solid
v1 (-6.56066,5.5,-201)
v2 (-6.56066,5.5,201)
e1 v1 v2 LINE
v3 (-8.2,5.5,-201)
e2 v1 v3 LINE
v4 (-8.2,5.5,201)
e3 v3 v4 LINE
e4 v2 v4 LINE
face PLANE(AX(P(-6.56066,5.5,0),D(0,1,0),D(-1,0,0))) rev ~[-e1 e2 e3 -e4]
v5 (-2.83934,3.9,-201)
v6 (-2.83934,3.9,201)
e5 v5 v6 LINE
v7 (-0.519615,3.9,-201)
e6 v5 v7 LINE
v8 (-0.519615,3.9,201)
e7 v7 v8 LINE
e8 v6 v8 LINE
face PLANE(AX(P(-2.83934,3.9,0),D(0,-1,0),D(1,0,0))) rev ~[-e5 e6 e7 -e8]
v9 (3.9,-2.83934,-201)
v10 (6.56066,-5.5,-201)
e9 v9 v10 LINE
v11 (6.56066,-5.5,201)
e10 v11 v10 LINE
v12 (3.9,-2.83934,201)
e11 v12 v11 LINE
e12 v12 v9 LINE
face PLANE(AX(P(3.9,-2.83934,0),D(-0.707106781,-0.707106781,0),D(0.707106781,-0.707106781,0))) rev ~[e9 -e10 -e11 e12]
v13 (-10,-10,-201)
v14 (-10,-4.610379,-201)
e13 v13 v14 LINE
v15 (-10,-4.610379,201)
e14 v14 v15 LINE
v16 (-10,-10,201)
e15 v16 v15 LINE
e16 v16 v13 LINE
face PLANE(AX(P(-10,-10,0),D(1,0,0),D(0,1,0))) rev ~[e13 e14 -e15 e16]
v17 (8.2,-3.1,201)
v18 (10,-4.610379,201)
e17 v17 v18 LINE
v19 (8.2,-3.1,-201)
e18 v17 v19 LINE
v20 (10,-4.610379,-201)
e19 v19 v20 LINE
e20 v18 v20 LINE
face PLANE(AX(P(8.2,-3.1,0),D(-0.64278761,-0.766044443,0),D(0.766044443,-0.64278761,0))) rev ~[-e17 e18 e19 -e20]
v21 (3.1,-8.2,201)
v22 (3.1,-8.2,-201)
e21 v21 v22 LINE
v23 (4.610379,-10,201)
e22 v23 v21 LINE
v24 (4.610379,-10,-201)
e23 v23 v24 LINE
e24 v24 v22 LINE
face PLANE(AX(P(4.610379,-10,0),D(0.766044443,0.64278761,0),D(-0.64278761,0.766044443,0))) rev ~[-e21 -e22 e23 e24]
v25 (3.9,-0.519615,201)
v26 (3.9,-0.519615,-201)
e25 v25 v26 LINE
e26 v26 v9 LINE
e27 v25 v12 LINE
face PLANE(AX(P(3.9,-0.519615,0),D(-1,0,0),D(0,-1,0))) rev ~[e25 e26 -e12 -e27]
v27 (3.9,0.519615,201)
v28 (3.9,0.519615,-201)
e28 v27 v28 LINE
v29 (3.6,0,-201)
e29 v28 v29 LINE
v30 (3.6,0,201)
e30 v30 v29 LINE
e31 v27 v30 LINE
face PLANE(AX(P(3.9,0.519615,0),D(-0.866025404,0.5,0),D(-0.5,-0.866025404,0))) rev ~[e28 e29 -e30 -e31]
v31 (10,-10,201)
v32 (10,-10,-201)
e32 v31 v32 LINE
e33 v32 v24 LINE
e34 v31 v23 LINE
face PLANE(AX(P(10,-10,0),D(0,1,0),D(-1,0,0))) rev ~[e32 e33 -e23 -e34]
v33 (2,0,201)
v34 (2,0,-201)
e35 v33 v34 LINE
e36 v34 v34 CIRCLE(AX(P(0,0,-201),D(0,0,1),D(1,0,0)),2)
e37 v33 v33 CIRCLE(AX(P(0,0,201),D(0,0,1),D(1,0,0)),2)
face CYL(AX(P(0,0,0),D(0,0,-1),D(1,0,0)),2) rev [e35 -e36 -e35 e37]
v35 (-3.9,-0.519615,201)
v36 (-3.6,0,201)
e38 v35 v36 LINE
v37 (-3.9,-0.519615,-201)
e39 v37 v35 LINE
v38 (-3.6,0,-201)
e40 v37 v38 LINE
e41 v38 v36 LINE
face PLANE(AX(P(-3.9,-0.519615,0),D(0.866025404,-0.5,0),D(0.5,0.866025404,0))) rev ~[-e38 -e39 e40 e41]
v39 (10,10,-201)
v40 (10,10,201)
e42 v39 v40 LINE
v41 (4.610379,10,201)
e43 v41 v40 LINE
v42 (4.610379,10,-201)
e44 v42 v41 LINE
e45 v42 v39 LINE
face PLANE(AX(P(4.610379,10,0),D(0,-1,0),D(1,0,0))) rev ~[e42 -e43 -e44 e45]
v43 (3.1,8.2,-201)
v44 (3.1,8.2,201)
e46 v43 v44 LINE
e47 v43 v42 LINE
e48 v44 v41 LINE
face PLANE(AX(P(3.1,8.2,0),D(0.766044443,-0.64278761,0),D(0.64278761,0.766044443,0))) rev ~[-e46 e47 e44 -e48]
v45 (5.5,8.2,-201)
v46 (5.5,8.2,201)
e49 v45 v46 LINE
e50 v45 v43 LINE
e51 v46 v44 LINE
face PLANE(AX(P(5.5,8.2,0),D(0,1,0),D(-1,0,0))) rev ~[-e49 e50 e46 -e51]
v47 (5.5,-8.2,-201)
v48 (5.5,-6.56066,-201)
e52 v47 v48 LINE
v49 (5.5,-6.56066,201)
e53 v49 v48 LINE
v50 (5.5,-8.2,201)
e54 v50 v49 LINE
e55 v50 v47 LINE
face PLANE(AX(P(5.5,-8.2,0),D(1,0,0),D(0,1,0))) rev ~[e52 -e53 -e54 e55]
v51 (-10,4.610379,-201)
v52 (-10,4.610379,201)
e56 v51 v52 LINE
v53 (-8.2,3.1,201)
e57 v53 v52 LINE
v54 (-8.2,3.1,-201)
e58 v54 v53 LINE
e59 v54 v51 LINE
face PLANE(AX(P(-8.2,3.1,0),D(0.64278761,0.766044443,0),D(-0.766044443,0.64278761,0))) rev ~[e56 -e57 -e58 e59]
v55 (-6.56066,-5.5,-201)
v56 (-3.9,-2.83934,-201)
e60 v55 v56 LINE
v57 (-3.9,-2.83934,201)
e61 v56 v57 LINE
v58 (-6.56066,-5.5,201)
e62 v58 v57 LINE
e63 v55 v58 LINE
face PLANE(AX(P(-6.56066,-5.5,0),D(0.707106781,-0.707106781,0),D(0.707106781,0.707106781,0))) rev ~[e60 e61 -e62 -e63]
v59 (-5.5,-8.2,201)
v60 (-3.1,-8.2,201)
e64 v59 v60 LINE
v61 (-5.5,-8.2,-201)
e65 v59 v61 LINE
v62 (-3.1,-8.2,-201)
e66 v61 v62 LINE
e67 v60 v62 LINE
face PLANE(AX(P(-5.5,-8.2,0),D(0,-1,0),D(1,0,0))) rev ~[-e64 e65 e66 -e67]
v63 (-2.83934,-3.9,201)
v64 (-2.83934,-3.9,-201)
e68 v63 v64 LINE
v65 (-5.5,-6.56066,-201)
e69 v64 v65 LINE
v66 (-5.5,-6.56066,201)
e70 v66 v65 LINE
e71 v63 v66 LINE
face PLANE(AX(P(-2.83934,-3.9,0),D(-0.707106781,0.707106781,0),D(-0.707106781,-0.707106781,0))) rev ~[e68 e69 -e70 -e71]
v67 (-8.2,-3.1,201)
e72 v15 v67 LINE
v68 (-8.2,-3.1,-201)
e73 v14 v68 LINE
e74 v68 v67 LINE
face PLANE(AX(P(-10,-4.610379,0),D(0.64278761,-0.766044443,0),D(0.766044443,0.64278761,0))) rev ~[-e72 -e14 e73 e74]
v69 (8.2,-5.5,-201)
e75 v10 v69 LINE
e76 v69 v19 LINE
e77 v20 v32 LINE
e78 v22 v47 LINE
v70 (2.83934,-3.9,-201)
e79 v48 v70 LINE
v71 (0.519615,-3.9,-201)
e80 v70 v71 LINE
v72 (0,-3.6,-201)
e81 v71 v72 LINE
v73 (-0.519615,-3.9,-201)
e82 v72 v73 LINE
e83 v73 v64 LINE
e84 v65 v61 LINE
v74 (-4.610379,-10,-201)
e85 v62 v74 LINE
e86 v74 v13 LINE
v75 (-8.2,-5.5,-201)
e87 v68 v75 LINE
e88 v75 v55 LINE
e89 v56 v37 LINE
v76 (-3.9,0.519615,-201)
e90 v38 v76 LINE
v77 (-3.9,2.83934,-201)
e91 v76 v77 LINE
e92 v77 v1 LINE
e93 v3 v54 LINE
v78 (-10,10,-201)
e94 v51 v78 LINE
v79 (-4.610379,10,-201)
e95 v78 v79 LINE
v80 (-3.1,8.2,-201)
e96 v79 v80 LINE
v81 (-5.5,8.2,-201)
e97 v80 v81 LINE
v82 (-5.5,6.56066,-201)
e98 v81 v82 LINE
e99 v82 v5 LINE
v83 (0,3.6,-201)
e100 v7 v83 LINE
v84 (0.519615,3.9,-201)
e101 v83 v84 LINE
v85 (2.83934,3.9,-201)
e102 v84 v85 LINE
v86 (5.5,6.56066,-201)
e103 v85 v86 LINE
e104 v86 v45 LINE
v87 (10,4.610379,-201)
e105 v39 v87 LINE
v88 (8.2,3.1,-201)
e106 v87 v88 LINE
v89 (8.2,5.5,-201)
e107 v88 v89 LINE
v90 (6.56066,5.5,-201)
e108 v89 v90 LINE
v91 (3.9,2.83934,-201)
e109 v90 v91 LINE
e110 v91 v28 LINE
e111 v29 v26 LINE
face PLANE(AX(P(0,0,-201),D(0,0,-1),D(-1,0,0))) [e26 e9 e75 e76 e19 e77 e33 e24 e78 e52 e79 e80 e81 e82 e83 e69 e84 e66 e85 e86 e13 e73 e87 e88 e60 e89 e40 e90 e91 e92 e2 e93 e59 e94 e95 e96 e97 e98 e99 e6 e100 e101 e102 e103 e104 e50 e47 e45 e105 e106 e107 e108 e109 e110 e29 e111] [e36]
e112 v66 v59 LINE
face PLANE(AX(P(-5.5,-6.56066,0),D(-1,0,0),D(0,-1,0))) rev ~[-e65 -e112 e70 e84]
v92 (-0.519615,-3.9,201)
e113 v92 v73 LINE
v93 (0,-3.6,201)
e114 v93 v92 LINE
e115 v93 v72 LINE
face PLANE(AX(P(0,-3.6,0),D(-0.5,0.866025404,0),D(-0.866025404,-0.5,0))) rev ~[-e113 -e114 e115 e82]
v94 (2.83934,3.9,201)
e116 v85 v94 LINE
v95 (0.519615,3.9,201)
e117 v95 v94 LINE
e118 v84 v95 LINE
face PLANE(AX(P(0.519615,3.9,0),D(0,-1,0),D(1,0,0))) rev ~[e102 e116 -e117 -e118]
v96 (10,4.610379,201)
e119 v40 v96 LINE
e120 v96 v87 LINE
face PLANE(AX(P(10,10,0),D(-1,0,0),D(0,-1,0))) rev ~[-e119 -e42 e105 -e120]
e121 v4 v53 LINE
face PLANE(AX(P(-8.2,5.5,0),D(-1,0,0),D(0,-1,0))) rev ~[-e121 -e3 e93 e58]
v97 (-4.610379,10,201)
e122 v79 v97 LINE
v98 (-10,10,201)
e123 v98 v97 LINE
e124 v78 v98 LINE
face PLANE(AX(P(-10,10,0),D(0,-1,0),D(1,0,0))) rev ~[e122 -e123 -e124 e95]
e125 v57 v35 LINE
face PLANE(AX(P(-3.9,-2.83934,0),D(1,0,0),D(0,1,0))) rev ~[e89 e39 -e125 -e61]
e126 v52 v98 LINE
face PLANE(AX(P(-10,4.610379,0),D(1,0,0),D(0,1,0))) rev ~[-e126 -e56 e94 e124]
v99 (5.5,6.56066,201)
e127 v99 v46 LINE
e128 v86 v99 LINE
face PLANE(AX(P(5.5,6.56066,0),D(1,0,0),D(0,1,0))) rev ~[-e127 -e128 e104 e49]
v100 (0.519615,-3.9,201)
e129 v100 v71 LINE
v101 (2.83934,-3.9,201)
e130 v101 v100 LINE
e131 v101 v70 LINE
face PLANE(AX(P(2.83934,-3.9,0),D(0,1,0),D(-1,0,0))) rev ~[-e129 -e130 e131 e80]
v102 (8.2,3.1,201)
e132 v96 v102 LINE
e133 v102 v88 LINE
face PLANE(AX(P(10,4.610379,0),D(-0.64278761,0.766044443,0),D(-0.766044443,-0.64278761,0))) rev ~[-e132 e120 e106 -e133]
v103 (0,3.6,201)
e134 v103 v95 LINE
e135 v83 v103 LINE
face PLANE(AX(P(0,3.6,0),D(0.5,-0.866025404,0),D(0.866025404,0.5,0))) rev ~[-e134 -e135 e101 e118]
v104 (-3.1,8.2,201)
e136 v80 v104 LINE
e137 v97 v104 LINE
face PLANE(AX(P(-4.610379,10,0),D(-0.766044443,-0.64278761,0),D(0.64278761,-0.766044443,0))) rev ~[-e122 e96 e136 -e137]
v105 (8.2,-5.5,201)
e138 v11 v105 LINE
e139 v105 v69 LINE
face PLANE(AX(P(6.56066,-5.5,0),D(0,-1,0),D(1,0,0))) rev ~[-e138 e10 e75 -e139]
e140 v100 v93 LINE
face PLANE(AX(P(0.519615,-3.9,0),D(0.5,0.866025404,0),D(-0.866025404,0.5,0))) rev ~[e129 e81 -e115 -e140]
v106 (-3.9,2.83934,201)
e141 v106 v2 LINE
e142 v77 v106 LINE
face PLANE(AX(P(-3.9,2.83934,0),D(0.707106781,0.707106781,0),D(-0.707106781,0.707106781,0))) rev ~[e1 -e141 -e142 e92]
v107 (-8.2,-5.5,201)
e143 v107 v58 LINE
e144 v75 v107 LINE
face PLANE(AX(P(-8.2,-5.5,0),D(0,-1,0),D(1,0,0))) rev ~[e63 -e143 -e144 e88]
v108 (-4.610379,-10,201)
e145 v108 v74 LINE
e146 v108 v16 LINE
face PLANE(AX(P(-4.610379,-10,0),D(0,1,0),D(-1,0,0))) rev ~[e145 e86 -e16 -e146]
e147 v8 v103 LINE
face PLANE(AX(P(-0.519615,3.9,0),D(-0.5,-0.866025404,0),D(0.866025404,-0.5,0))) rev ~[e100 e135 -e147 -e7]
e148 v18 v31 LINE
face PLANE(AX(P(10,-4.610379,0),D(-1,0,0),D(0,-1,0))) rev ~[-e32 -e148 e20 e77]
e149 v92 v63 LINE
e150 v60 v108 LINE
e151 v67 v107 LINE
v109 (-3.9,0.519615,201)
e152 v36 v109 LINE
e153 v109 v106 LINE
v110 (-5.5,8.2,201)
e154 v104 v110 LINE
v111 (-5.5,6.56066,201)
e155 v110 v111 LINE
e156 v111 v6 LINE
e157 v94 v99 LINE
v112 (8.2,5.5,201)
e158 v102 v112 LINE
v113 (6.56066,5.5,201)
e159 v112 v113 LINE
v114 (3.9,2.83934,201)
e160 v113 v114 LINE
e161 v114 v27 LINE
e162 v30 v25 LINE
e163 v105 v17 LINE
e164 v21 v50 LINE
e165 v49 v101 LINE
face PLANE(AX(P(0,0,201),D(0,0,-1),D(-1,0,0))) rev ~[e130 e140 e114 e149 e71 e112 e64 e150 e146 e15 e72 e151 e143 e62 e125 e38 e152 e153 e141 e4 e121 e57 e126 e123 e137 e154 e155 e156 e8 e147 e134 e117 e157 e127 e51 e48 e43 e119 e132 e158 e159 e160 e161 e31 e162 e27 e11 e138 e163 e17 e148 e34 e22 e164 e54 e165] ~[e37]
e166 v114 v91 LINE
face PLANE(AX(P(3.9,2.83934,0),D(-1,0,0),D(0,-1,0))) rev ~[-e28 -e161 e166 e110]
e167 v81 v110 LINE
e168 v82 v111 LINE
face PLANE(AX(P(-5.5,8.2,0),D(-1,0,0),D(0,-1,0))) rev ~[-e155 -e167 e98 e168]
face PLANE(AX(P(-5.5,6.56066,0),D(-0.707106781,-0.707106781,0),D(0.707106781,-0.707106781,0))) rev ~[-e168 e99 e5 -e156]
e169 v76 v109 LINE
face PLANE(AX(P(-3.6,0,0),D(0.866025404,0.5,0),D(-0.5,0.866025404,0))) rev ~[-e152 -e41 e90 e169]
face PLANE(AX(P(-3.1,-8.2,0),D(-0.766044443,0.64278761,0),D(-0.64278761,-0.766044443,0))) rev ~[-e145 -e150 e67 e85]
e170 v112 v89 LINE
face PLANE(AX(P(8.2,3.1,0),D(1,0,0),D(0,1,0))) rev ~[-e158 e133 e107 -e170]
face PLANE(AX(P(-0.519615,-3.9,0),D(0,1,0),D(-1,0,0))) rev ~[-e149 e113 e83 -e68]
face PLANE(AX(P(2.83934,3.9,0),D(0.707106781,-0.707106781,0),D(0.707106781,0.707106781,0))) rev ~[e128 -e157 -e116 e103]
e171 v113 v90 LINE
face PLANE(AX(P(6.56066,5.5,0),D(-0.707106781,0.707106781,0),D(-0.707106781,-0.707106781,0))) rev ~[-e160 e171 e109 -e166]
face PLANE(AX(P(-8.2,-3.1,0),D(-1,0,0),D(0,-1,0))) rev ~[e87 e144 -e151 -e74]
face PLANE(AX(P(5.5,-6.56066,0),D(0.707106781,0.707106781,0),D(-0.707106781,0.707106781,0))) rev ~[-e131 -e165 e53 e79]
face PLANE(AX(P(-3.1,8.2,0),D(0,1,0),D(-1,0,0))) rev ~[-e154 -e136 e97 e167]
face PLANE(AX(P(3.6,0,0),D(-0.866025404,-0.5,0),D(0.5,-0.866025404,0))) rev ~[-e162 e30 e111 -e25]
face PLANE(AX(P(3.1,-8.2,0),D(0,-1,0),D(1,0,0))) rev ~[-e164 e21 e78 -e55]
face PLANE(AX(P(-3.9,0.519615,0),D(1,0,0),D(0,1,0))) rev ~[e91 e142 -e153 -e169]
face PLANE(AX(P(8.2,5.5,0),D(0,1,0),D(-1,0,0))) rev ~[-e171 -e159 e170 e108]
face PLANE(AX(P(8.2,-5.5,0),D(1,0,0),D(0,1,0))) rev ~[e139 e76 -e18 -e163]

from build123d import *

# Parameters (mm, degrees)
SKETCH1_R           = 2
BOSS_EXTRUDE1_DEPTH = 201


with BuildPart() as part:
    # Sketch1 → Boss-Extrude1 (new body, symmetric)
    with BuildSketch(Plane.XY):
        Polygon((10, 10), (10, 4.610379336), (8.2, 3.1), (8.2, 5.5), (6.560660172, 5.5), (3.9, 2.839339828), (3.9, 0.519615242), (3.6, 0), (3.9, -0.519615242), (3.9, -2.839339828), (6.560660172, -5.5), (8.2, -5.5), (8.2, -3.1), (10, -4.610379336), (10, -10), (4.610379336, -10), (3.1, -8.2), (5.5, -8.2), (5.5, -6.560660172), (2.839339828, -3.9), (0.519615242, -3.9), (0, -3.6), (-0.519615242, -3.9), (-2.839339828, -3.9), (-5.5, -6.560660172), (-5.5, -8.2), (-3.1, -8.2), (-4.610379336, -10), (-10, -10), (-10, -4.610379336), (-8.2, -3.1), (-8.2, -5.5), (-6.560660172, -5.5), (-3.9, -2.839339828), (-3.9, -0.519615242), (-3.6, 0), (-3.9, 0.519615242), (-3.9, 2.839339828), (-6.560660172, 5.5), (-8.2, 5.5), (-8.2, 3.1), (-10, 4.610379336), (-10, 10), (-4.610379336, 10), (-3.1, 8.2), (-5.5, 8.2), (-5.5, 6.560660172), (-2.839339828, 3.9), (-0.519615242, 3.9), (0, 3.6), (0.519615242, 3.9), (2.839339828, 3.9), (5.5, 6.560660172), (5.5, 8.2), (3.1, 8.2), (4.610379336, 10), align=None)
        Circle(SKETCH1_R, mode=Mode.SUBTRACT)
    extrude(amount=BOSS_EXTRUDE1_DEPTH, both=True)


solid = part.part
